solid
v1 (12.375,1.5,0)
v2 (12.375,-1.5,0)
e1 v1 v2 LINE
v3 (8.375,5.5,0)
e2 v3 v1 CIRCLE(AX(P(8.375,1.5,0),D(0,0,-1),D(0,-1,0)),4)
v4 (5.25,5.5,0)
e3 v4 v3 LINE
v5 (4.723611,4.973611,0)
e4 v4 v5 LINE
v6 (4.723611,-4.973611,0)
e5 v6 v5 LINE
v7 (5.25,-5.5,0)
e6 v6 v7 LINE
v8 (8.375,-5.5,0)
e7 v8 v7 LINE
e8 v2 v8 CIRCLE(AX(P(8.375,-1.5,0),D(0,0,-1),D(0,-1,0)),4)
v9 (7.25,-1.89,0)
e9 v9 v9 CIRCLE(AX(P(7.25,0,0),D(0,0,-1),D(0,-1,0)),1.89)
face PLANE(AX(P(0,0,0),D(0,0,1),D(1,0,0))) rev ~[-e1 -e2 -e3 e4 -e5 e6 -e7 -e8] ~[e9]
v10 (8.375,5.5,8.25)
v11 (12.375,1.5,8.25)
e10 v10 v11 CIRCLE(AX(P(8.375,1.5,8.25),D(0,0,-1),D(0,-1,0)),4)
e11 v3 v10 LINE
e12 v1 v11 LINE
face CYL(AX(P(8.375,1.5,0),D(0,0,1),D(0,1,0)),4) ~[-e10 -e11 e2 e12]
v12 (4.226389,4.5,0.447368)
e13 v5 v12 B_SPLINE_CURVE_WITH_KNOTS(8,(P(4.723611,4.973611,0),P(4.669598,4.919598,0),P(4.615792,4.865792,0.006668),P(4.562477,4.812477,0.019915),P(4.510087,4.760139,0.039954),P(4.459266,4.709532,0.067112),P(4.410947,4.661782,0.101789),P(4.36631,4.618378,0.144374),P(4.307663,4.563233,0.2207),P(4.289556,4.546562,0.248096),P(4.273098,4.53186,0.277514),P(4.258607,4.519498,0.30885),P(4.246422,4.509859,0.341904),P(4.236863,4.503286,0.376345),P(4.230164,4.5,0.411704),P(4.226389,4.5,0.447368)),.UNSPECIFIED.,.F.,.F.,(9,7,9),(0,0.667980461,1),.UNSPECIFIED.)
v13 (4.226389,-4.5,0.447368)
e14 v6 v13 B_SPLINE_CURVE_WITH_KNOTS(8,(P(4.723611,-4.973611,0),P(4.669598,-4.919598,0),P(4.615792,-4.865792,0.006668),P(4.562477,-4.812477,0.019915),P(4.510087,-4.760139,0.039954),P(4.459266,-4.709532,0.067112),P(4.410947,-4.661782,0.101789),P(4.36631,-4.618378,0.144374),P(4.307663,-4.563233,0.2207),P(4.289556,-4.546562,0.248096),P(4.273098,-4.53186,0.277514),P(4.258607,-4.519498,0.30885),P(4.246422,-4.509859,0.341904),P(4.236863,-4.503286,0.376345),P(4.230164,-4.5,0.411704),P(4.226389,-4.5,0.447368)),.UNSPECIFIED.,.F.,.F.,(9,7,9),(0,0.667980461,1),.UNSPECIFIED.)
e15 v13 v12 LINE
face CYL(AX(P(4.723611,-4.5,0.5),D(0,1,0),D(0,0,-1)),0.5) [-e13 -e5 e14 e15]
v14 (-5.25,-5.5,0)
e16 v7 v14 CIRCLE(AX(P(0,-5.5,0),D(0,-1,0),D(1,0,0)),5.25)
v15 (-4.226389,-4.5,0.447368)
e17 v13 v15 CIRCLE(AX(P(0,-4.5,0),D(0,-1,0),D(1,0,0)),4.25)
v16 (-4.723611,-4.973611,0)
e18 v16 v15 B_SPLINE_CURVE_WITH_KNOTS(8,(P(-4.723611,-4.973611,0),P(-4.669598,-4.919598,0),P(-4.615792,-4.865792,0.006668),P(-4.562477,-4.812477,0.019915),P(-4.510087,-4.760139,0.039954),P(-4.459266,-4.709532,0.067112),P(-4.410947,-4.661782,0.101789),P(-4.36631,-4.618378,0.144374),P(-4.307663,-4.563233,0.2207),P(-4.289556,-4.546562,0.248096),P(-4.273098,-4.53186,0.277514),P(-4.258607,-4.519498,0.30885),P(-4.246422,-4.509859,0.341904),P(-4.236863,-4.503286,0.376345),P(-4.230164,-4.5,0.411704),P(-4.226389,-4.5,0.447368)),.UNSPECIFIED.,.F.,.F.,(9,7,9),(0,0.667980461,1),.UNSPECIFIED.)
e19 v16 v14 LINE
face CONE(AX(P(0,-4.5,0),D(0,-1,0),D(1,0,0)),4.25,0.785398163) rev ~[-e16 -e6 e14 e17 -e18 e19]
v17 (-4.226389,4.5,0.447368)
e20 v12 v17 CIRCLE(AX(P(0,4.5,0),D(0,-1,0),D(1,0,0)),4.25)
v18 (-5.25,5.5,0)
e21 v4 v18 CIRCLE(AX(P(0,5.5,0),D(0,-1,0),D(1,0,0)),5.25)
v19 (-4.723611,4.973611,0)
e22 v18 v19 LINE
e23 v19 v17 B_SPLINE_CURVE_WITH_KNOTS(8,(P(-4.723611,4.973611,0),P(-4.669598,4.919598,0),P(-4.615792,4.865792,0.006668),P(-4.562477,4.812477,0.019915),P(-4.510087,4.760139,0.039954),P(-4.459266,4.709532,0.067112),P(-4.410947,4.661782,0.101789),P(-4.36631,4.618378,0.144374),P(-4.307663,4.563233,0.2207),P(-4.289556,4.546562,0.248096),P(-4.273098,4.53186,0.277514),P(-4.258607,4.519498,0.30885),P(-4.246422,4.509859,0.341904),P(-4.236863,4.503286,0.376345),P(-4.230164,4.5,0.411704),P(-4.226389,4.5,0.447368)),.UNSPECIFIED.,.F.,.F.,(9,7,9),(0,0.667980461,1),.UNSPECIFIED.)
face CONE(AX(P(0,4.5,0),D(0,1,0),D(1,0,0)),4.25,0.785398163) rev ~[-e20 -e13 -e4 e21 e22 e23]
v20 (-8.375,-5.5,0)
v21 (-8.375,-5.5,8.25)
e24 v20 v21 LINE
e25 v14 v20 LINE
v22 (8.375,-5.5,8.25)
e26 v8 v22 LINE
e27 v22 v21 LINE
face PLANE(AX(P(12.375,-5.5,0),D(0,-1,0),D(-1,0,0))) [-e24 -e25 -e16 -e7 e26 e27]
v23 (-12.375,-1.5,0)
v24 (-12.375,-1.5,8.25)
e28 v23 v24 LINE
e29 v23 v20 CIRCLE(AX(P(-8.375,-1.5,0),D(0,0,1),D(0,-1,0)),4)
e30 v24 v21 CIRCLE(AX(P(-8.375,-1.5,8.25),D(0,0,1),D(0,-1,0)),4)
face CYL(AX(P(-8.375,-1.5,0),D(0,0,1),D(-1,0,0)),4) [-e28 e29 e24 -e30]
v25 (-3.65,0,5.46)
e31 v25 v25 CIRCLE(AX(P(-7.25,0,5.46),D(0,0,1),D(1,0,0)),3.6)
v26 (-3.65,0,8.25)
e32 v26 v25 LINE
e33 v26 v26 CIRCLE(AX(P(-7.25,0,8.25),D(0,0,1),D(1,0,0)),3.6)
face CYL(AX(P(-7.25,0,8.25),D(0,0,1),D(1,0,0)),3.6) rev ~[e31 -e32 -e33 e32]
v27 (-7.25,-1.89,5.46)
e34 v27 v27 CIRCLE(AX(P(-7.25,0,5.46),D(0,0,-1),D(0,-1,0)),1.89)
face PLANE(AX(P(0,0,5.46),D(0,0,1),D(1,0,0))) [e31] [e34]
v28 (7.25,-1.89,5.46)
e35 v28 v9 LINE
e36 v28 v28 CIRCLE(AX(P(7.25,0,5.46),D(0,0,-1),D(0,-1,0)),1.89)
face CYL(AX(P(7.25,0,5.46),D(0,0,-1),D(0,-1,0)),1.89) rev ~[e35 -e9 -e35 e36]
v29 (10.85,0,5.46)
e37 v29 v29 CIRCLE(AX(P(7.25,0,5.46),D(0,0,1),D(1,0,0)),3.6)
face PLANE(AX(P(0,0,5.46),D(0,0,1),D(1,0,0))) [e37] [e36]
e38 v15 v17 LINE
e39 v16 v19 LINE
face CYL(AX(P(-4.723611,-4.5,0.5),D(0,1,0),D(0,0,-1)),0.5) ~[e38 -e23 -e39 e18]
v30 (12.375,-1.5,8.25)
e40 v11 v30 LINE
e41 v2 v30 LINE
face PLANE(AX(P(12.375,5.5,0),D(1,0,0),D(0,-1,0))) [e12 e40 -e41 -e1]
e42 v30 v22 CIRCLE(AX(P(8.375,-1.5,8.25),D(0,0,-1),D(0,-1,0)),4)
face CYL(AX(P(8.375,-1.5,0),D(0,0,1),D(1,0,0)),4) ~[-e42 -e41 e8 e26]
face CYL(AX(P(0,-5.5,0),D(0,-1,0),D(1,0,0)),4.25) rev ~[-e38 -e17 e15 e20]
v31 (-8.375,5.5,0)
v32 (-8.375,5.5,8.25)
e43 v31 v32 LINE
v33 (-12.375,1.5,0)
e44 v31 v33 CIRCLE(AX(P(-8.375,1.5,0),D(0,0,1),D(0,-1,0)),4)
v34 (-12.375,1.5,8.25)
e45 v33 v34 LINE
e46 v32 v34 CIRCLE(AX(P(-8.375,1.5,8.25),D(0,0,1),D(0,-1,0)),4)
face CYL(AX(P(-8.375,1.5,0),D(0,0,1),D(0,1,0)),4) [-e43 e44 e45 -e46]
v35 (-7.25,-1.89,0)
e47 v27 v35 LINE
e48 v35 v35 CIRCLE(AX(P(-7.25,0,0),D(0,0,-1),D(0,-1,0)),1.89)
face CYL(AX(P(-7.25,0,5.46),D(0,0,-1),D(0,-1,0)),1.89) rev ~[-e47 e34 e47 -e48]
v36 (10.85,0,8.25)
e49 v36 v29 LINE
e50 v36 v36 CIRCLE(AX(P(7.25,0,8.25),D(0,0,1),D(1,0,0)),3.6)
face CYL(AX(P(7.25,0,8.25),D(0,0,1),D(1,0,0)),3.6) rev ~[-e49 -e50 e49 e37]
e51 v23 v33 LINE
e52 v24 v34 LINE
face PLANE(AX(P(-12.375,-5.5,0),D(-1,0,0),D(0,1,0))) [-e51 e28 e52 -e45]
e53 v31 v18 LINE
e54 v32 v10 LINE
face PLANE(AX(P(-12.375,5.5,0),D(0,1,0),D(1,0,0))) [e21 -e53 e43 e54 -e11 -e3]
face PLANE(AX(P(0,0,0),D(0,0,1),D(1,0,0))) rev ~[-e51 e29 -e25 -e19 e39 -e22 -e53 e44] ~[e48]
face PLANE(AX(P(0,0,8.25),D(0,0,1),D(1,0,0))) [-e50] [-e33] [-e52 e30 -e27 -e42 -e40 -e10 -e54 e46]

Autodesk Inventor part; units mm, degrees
sketch "Boceto1" plane through (0, 0, 0) normal (0, 0, 1) x (1, 0, 0)
  line L0 (-12.375, 5.5) -> (12.375, 5.5)
  line L1 (12.375, 5.5) -> (12.375, -5.5)
  line L2 (12.375, -5.5) -> (-12.375, -5.5)
  line L3 (-12.375, -5.5) -> (-12.375, 5.5)
  point P0 (0, 0)
  point P1 (12.375, 0)
  point P2 (0, 5.5)
  dimension "d0" = 24.75
  dimension "d1" = 11
extrude "Extrusión1" add sketch "Boceto1" along normal blind 8.25
sketch "Boceto2" plane through (0, 0, 8.25) normal (0, 0, 1) x (1, 0, 0)
  circle A0 centre (-7.25, 0) radius 3.6
  circle A1 centre (7.25, 0) radius 3.6
  point P0 (0, 0)
  dimension "d4" = 7.2
  dimension "d5" = 7.2
  dimension "d6" = 7.3
  dimension "d7" = 7.25
extrude "Extrusión2" cut sketch "Boceto2" against normal blind 2.79
hole "Agujero1" at (-7.25, 0, 5.46) direction (0, 0, -1) diameter 3.78 end through all
hole "Agujero2" at (7.25, 0, 5.46) direction (0, 0, -1) diameter 3.78 end through all
fillet "Empalme1" radius 4 4 edges at (12.375, -5.5, 4.125) (12.375, 5.5, 4.125) (-12.375, -5.5, 4.125) (-12.375, 5.5, 4.125)
sketch "Boceto3" plane through (-8.375, -5.5, 0) normal (0, -1, 0) x (1, 0, 0)
  line L0 (16.75, 0) -> (0, 0) projected
  arc A0 (12.625, 0) -> (4.125, 0) centre (8.375, 0) ccw
  line L1 (4.125, 0) -> (12.625, 0)
  point P0 (8.375, 4.25)
  dimension "d34" = 4.25
extrude "Extrusión3" cut sketch "Boceto3" against normal through all
chamfer "Chaflán1" distance 1 angle 45 2 edges at (0, -5.5, 4.25) (0, 5.5, 4.25) measured on face at (-4.2362, -1.8333, 0.342)
fillet "Empalme2" radius 0.5 2 edges at (-4.25, 0, 0) (4.25, 0, 0)
